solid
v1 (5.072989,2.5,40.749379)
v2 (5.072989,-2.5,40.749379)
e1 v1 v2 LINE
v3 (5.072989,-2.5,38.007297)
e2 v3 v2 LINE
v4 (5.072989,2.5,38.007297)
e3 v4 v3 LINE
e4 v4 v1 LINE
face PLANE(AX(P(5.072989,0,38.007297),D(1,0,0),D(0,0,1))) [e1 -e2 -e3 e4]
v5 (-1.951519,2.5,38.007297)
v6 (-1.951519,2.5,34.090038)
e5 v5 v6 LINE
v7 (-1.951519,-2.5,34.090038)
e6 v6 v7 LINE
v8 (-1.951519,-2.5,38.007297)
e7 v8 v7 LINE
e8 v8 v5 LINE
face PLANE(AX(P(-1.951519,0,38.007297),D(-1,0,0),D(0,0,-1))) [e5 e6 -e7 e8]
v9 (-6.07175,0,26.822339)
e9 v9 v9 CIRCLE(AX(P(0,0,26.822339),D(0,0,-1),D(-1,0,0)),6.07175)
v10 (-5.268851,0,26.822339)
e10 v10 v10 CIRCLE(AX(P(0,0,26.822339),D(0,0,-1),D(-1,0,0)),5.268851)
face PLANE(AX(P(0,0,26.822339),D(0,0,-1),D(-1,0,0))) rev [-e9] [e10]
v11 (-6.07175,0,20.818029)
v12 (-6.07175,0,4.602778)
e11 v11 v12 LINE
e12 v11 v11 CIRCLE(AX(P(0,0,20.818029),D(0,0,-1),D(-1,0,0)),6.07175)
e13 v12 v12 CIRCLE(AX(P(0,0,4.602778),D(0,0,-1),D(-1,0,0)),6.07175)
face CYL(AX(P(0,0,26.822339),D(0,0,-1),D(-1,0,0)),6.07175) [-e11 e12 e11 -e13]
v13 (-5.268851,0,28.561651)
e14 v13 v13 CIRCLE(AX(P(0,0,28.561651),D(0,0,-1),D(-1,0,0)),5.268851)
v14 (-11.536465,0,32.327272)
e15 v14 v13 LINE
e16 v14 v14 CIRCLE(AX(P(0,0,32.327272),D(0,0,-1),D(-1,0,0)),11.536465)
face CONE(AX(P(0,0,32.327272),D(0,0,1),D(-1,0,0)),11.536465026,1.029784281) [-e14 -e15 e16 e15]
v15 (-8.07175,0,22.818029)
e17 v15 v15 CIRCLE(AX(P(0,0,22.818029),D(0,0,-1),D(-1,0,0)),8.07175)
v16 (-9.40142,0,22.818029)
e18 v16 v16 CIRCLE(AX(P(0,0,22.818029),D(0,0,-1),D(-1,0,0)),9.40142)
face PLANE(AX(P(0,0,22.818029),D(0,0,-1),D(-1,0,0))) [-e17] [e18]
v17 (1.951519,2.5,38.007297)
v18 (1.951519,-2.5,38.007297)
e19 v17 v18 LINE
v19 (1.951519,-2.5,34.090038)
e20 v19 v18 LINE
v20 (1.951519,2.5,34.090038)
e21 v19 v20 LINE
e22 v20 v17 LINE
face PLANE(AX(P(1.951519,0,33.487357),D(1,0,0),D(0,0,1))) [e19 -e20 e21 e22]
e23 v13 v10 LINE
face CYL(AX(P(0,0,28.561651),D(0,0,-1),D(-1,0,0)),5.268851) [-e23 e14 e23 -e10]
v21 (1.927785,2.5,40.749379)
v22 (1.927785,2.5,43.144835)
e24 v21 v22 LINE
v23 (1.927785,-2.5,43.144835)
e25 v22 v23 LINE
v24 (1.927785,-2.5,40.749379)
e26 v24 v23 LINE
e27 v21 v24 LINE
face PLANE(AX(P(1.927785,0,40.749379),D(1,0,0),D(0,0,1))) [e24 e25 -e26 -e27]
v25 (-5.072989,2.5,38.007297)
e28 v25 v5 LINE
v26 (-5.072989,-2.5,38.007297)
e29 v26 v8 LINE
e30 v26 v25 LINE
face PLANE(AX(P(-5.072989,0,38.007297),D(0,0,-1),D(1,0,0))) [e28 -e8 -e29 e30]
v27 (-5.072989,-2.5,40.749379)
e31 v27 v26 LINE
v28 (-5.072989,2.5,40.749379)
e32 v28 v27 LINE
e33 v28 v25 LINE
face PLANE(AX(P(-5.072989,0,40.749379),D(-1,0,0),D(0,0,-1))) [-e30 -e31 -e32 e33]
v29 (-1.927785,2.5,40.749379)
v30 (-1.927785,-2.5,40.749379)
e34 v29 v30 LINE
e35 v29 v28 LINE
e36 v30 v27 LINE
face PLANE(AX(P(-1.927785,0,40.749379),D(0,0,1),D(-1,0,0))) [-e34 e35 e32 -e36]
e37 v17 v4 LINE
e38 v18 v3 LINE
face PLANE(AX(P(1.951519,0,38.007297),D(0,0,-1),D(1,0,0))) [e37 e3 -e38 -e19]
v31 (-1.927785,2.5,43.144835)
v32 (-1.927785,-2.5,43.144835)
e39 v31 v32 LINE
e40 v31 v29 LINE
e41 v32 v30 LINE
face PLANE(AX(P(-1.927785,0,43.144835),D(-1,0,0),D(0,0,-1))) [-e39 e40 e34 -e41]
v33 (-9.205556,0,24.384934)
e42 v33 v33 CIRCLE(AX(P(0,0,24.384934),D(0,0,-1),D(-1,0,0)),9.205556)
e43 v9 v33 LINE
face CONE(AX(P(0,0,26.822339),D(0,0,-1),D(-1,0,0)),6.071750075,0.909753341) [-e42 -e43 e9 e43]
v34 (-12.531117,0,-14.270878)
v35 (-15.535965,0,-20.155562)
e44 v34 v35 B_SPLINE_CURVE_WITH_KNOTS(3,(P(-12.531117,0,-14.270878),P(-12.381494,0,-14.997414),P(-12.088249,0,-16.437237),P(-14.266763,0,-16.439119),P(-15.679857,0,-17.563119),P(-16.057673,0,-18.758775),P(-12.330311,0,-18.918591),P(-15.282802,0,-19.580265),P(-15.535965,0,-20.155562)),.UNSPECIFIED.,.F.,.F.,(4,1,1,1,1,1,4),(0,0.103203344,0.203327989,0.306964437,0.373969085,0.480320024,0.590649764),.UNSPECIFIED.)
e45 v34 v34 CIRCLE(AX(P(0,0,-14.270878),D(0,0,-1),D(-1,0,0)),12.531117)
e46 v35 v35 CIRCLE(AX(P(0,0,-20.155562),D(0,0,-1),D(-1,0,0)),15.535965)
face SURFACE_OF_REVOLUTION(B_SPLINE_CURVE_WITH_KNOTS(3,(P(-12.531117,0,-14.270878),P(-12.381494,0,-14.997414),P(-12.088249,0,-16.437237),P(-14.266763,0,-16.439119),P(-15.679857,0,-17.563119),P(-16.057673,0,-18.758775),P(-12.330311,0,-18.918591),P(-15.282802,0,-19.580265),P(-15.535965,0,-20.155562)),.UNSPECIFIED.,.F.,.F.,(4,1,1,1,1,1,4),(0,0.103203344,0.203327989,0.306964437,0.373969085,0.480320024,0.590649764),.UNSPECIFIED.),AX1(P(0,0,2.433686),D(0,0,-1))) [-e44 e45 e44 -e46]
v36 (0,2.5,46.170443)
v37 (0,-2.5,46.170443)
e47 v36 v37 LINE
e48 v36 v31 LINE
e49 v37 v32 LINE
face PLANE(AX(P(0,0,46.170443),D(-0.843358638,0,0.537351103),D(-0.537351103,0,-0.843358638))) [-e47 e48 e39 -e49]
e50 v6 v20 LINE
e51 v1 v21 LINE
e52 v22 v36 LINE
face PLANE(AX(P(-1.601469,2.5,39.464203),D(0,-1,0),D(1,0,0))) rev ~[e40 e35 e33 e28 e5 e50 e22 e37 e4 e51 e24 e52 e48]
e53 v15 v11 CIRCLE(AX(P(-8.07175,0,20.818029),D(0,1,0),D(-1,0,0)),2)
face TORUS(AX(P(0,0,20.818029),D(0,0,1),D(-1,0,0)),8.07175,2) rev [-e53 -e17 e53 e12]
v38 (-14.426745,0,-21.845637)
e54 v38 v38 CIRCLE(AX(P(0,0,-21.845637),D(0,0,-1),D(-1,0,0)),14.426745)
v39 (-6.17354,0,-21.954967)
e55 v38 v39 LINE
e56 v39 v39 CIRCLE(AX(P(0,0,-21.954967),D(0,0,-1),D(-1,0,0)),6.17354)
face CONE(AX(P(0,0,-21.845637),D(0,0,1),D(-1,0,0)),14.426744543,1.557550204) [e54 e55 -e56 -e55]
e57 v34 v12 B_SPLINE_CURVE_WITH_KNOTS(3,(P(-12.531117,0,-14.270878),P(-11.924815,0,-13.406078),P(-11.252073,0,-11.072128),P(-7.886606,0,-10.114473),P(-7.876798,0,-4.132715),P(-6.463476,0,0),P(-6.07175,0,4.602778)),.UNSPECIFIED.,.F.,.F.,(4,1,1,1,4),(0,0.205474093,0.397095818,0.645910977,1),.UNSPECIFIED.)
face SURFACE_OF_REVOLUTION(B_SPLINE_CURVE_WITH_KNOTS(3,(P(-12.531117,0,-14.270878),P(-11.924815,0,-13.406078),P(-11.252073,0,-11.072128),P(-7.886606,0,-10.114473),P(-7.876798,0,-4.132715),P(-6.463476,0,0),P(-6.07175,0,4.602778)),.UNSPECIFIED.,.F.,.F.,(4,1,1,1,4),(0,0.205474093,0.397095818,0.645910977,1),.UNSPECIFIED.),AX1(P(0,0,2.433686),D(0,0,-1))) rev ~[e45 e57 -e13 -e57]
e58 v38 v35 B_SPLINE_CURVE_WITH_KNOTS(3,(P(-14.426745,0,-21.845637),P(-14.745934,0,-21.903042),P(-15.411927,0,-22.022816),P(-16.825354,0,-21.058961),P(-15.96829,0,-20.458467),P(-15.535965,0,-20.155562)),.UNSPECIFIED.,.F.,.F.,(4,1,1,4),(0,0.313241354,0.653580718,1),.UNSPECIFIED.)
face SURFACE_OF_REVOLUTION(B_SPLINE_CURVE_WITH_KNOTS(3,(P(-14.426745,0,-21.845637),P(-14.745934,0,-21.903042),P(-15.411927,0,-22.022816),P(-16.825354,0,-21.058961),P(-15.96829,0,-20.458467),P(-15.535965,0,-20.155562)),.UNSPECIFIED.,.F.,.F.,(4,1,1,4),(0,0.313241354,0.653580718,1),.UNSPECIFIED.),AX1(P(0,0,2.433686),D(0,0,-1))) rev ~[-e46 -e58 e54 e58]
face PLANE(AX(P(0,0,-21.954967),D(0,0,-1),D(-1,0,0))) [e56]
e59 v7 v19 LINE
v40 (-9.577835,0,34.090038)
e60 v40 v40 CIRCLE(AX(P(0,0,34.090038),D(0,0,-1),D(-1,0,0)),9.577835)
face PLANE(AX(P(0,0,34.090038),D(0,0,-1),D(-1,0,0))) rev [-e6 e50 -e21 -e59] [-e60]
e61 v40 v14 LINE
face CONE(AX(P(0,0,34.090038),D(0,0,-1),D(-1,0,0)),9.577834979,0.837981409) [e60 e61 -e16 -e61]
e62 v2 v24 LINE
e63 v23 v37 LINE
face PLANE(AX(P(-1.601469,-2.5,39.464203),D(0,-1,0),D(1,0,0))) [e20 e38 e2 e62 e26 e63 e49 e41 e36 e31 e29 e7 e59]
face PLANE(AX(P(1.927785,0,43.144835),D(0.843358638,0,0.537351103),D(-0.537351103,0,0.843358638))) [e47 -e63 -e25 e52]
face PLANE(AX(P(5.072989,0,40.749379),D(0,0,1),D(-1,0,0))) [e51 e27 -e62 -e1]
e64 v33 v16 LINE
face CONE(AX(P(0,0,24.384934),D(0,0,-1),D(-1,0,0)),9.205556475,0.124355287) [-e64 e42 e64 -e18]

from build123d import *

# Parameters (mm, degrees)
F5_DEPTH = 2.5
F6_DEPTH = 2.5
F7_R     = 2


with BuildPart() as f1:
    # F0 (on Front) → F1 (revolve)
    with BuildSketch(Plane.XZ):
        with BuildLine():
            Line((0, -21.954966709), (0, 26.8223385131))
            Line((0, 26.8223385131), (-6.0717500746, 26.8223385131))
            Line((-6.0717500746, 26.8223385131), (-6.0717500746, 22.8180289268))
            Line((-6.0717500746, 22.8180289268), (-6.0717500746, 4.6027782373))
            add(Edge.make_bspline(
                [(-12.5311168618, -14.2708784841), (-11.9248152327, -13.4060784341), (-11.2520730018, -11.0721277139), (-7.8866061784, -10.1144733318), (-7.8767976501, -4.132714721), (-6.4634764567, 0), (-6.0717500746, 4.6027782373)],
                knots=[0, 0, 0, 0, 0.2054740926, 0.397095818, 0.645910977, 1, 1, 1, 1], degree=3))
            add(Edge.make_bspline(
                [(-12.5311168618, -14.2708784841), (-12.3814938517, -14.9974142764), (-12.0882487734, -16.4372369859), (-14.2667633483, -16.4391190838), (-15.6798569238, -17.5631194002), (-16.0576729381, -18.7587750802), (-12.330311337, -18.9185905941), (-15.282801701, -19.5802653565), (-15.5359646305, -20.1555620879)],
                knots=[0, 0, 0, 0, 0.1032033439, 0.2033279892, 0.306964437, 0.3739690848, 0.4803200245, 0.5906497642, 0.5906497642, 0.5906497642, 0.5906497642], degree=3))
            add(Edge.make_bspline(
                [(-15.5359646305, -20.1555620879), (-15.7605923038, -20.6660142559), (-14.1110786211, -22.182003819), (-12.6180294782, -18.6991748882), (-8.6327560988, -21.639573932), (-6.1735404049, -21.954966709)],
                knots=[0.5906497642, 0.5906497642, 0.5906497642, 0.5906497642, 0.6885436887, 0.8032276366, 1, 1, 1, 1], degree=3))
            Line((-6.1735404049, -21.954966709), (0, -21.954966709))
        make_face()
        Polygon((-6.0717500746, 22.8180289268), (-6.0717500746, 26.8223385131), (-9.2055564746, 24.3849344552), (-9.4014201313, 22.8180289268), align=None)
        with BuildLine():
            Line((-14.426744543, -21.8456373585), (-6.1735404049, -21.954966709))
            add(Edge.make_bspline(
                [(-15.5359646305, -20.1555620879), (-15.7605923038, -20.6660142559), (-14.1110786211, -22.182003819), (-12.6180294782, -18.6991748882), (-8.6327560988, -21.639573932), (-6.1735404049, -21.954966709)],
                knots=[0.5906497642, 0.5906497642, 0.5906497642, 0.5906497642, 0.6885436887, 0.8032276366, 1, 1, 1, 1], degree=3))
            add(Edge.make_bspline(
                [(-14.426744543, -21.8456373585), (-14.7459344368, -21.9030416429), (-15.4119268341, -22.0228161649), (-16.8253544165, -21.0589610473), (-15.9682904395, -20.4584671444), (-15.5359646305, -20.1555620879)],
                knots=[0, 0, 0, 0, 0.3132413536, 0.6535807182, 1, 1, 1, 1], degree=3))
        make_face()
    revolve(axis=Axis((0, 0, 2.433685902), (0, 0, -1)))

    # F2 (on Front) → F3 (revolve)
    with BuildSketch(Plane.XZ):
        Polygon((-5.2688508295, 26.6472455114), (0, 26.6472455114), (0, 34.090038389), (-9.5778349787, 34.090038389), (-11.5364650264, 32.3272719979), (-5.2688508295, 28.5616508495), align=None)
    revolve(axis=Axis((0, 0, 30.3686419502), (0, 0, -1)))

    # F4 (on Front) → F5 (join, symmetric)
    with BuildSketch(Plane.XZ):
        Polygon((-1.9515193999, 33.4873571992), (0, 33.4873571992), (0, 40.7493785024), (0, 46.1704432964), (-1.9277846441, 43.1448352321), (-1.9277846441, 40.7493785024), (-5.0729890354, 40.7493785024), (-5.0729890354, 38.0072966218), (-1.9515193999, 38.0072966218), align=None)
        Polygon((0, 40.7493785024), (0, 33.4873571992), (1.9515193999, 33.4873571992), (1.9515193999, 38.0072966218), (5.0729890354, 38.0072966218), (5.0729890354, 40.7493785024), (1.9277846441, 40.7493785024), (1.9277846441, 43.1448352321), (0, 46.1704432964), align=None)
    extrude(amount=F5_DEPTH, both=True)

    # F4 (on Front) → F6 (join, symmetric)
    with BuildSketch(Plane.XZ):
        Polygon((-1.9515193999, 33.4873571992), (0, 33.4873571992), (0, 40.7493785024), (0, 46.1704432964), (-1.9277846441, 43.1448352321), (-1.9277846441, 40.7493785024), (-5.0729890354, 40.7493785024), (-5.0729890354, 38.0072966218), (-1.9515193999, 38.0072966218), align=None)
        Polygon((0, 40.7493785024), (0, 33.4873571992), (1.9515193999, 33.4873571992), (1.9515193999, 38.0072966218), (5.0729890354, 38.0072966218), (5.0729890354, 40.7493785024), (1.9277846441, 40.7493785024), (1.9277846441, 43.1448352321), (0, 46.1704432964), align=None)
    extrude(amount=F6_DEPTH, both=True)

    # F7
    f7_edges = [f1.edges().sort_by_distance(p)[0] for p in [
        (6.07175, 0, 22.818029),
    ]]
    fillet(f7_edges, radius=F7_R)


solid = f1.part
